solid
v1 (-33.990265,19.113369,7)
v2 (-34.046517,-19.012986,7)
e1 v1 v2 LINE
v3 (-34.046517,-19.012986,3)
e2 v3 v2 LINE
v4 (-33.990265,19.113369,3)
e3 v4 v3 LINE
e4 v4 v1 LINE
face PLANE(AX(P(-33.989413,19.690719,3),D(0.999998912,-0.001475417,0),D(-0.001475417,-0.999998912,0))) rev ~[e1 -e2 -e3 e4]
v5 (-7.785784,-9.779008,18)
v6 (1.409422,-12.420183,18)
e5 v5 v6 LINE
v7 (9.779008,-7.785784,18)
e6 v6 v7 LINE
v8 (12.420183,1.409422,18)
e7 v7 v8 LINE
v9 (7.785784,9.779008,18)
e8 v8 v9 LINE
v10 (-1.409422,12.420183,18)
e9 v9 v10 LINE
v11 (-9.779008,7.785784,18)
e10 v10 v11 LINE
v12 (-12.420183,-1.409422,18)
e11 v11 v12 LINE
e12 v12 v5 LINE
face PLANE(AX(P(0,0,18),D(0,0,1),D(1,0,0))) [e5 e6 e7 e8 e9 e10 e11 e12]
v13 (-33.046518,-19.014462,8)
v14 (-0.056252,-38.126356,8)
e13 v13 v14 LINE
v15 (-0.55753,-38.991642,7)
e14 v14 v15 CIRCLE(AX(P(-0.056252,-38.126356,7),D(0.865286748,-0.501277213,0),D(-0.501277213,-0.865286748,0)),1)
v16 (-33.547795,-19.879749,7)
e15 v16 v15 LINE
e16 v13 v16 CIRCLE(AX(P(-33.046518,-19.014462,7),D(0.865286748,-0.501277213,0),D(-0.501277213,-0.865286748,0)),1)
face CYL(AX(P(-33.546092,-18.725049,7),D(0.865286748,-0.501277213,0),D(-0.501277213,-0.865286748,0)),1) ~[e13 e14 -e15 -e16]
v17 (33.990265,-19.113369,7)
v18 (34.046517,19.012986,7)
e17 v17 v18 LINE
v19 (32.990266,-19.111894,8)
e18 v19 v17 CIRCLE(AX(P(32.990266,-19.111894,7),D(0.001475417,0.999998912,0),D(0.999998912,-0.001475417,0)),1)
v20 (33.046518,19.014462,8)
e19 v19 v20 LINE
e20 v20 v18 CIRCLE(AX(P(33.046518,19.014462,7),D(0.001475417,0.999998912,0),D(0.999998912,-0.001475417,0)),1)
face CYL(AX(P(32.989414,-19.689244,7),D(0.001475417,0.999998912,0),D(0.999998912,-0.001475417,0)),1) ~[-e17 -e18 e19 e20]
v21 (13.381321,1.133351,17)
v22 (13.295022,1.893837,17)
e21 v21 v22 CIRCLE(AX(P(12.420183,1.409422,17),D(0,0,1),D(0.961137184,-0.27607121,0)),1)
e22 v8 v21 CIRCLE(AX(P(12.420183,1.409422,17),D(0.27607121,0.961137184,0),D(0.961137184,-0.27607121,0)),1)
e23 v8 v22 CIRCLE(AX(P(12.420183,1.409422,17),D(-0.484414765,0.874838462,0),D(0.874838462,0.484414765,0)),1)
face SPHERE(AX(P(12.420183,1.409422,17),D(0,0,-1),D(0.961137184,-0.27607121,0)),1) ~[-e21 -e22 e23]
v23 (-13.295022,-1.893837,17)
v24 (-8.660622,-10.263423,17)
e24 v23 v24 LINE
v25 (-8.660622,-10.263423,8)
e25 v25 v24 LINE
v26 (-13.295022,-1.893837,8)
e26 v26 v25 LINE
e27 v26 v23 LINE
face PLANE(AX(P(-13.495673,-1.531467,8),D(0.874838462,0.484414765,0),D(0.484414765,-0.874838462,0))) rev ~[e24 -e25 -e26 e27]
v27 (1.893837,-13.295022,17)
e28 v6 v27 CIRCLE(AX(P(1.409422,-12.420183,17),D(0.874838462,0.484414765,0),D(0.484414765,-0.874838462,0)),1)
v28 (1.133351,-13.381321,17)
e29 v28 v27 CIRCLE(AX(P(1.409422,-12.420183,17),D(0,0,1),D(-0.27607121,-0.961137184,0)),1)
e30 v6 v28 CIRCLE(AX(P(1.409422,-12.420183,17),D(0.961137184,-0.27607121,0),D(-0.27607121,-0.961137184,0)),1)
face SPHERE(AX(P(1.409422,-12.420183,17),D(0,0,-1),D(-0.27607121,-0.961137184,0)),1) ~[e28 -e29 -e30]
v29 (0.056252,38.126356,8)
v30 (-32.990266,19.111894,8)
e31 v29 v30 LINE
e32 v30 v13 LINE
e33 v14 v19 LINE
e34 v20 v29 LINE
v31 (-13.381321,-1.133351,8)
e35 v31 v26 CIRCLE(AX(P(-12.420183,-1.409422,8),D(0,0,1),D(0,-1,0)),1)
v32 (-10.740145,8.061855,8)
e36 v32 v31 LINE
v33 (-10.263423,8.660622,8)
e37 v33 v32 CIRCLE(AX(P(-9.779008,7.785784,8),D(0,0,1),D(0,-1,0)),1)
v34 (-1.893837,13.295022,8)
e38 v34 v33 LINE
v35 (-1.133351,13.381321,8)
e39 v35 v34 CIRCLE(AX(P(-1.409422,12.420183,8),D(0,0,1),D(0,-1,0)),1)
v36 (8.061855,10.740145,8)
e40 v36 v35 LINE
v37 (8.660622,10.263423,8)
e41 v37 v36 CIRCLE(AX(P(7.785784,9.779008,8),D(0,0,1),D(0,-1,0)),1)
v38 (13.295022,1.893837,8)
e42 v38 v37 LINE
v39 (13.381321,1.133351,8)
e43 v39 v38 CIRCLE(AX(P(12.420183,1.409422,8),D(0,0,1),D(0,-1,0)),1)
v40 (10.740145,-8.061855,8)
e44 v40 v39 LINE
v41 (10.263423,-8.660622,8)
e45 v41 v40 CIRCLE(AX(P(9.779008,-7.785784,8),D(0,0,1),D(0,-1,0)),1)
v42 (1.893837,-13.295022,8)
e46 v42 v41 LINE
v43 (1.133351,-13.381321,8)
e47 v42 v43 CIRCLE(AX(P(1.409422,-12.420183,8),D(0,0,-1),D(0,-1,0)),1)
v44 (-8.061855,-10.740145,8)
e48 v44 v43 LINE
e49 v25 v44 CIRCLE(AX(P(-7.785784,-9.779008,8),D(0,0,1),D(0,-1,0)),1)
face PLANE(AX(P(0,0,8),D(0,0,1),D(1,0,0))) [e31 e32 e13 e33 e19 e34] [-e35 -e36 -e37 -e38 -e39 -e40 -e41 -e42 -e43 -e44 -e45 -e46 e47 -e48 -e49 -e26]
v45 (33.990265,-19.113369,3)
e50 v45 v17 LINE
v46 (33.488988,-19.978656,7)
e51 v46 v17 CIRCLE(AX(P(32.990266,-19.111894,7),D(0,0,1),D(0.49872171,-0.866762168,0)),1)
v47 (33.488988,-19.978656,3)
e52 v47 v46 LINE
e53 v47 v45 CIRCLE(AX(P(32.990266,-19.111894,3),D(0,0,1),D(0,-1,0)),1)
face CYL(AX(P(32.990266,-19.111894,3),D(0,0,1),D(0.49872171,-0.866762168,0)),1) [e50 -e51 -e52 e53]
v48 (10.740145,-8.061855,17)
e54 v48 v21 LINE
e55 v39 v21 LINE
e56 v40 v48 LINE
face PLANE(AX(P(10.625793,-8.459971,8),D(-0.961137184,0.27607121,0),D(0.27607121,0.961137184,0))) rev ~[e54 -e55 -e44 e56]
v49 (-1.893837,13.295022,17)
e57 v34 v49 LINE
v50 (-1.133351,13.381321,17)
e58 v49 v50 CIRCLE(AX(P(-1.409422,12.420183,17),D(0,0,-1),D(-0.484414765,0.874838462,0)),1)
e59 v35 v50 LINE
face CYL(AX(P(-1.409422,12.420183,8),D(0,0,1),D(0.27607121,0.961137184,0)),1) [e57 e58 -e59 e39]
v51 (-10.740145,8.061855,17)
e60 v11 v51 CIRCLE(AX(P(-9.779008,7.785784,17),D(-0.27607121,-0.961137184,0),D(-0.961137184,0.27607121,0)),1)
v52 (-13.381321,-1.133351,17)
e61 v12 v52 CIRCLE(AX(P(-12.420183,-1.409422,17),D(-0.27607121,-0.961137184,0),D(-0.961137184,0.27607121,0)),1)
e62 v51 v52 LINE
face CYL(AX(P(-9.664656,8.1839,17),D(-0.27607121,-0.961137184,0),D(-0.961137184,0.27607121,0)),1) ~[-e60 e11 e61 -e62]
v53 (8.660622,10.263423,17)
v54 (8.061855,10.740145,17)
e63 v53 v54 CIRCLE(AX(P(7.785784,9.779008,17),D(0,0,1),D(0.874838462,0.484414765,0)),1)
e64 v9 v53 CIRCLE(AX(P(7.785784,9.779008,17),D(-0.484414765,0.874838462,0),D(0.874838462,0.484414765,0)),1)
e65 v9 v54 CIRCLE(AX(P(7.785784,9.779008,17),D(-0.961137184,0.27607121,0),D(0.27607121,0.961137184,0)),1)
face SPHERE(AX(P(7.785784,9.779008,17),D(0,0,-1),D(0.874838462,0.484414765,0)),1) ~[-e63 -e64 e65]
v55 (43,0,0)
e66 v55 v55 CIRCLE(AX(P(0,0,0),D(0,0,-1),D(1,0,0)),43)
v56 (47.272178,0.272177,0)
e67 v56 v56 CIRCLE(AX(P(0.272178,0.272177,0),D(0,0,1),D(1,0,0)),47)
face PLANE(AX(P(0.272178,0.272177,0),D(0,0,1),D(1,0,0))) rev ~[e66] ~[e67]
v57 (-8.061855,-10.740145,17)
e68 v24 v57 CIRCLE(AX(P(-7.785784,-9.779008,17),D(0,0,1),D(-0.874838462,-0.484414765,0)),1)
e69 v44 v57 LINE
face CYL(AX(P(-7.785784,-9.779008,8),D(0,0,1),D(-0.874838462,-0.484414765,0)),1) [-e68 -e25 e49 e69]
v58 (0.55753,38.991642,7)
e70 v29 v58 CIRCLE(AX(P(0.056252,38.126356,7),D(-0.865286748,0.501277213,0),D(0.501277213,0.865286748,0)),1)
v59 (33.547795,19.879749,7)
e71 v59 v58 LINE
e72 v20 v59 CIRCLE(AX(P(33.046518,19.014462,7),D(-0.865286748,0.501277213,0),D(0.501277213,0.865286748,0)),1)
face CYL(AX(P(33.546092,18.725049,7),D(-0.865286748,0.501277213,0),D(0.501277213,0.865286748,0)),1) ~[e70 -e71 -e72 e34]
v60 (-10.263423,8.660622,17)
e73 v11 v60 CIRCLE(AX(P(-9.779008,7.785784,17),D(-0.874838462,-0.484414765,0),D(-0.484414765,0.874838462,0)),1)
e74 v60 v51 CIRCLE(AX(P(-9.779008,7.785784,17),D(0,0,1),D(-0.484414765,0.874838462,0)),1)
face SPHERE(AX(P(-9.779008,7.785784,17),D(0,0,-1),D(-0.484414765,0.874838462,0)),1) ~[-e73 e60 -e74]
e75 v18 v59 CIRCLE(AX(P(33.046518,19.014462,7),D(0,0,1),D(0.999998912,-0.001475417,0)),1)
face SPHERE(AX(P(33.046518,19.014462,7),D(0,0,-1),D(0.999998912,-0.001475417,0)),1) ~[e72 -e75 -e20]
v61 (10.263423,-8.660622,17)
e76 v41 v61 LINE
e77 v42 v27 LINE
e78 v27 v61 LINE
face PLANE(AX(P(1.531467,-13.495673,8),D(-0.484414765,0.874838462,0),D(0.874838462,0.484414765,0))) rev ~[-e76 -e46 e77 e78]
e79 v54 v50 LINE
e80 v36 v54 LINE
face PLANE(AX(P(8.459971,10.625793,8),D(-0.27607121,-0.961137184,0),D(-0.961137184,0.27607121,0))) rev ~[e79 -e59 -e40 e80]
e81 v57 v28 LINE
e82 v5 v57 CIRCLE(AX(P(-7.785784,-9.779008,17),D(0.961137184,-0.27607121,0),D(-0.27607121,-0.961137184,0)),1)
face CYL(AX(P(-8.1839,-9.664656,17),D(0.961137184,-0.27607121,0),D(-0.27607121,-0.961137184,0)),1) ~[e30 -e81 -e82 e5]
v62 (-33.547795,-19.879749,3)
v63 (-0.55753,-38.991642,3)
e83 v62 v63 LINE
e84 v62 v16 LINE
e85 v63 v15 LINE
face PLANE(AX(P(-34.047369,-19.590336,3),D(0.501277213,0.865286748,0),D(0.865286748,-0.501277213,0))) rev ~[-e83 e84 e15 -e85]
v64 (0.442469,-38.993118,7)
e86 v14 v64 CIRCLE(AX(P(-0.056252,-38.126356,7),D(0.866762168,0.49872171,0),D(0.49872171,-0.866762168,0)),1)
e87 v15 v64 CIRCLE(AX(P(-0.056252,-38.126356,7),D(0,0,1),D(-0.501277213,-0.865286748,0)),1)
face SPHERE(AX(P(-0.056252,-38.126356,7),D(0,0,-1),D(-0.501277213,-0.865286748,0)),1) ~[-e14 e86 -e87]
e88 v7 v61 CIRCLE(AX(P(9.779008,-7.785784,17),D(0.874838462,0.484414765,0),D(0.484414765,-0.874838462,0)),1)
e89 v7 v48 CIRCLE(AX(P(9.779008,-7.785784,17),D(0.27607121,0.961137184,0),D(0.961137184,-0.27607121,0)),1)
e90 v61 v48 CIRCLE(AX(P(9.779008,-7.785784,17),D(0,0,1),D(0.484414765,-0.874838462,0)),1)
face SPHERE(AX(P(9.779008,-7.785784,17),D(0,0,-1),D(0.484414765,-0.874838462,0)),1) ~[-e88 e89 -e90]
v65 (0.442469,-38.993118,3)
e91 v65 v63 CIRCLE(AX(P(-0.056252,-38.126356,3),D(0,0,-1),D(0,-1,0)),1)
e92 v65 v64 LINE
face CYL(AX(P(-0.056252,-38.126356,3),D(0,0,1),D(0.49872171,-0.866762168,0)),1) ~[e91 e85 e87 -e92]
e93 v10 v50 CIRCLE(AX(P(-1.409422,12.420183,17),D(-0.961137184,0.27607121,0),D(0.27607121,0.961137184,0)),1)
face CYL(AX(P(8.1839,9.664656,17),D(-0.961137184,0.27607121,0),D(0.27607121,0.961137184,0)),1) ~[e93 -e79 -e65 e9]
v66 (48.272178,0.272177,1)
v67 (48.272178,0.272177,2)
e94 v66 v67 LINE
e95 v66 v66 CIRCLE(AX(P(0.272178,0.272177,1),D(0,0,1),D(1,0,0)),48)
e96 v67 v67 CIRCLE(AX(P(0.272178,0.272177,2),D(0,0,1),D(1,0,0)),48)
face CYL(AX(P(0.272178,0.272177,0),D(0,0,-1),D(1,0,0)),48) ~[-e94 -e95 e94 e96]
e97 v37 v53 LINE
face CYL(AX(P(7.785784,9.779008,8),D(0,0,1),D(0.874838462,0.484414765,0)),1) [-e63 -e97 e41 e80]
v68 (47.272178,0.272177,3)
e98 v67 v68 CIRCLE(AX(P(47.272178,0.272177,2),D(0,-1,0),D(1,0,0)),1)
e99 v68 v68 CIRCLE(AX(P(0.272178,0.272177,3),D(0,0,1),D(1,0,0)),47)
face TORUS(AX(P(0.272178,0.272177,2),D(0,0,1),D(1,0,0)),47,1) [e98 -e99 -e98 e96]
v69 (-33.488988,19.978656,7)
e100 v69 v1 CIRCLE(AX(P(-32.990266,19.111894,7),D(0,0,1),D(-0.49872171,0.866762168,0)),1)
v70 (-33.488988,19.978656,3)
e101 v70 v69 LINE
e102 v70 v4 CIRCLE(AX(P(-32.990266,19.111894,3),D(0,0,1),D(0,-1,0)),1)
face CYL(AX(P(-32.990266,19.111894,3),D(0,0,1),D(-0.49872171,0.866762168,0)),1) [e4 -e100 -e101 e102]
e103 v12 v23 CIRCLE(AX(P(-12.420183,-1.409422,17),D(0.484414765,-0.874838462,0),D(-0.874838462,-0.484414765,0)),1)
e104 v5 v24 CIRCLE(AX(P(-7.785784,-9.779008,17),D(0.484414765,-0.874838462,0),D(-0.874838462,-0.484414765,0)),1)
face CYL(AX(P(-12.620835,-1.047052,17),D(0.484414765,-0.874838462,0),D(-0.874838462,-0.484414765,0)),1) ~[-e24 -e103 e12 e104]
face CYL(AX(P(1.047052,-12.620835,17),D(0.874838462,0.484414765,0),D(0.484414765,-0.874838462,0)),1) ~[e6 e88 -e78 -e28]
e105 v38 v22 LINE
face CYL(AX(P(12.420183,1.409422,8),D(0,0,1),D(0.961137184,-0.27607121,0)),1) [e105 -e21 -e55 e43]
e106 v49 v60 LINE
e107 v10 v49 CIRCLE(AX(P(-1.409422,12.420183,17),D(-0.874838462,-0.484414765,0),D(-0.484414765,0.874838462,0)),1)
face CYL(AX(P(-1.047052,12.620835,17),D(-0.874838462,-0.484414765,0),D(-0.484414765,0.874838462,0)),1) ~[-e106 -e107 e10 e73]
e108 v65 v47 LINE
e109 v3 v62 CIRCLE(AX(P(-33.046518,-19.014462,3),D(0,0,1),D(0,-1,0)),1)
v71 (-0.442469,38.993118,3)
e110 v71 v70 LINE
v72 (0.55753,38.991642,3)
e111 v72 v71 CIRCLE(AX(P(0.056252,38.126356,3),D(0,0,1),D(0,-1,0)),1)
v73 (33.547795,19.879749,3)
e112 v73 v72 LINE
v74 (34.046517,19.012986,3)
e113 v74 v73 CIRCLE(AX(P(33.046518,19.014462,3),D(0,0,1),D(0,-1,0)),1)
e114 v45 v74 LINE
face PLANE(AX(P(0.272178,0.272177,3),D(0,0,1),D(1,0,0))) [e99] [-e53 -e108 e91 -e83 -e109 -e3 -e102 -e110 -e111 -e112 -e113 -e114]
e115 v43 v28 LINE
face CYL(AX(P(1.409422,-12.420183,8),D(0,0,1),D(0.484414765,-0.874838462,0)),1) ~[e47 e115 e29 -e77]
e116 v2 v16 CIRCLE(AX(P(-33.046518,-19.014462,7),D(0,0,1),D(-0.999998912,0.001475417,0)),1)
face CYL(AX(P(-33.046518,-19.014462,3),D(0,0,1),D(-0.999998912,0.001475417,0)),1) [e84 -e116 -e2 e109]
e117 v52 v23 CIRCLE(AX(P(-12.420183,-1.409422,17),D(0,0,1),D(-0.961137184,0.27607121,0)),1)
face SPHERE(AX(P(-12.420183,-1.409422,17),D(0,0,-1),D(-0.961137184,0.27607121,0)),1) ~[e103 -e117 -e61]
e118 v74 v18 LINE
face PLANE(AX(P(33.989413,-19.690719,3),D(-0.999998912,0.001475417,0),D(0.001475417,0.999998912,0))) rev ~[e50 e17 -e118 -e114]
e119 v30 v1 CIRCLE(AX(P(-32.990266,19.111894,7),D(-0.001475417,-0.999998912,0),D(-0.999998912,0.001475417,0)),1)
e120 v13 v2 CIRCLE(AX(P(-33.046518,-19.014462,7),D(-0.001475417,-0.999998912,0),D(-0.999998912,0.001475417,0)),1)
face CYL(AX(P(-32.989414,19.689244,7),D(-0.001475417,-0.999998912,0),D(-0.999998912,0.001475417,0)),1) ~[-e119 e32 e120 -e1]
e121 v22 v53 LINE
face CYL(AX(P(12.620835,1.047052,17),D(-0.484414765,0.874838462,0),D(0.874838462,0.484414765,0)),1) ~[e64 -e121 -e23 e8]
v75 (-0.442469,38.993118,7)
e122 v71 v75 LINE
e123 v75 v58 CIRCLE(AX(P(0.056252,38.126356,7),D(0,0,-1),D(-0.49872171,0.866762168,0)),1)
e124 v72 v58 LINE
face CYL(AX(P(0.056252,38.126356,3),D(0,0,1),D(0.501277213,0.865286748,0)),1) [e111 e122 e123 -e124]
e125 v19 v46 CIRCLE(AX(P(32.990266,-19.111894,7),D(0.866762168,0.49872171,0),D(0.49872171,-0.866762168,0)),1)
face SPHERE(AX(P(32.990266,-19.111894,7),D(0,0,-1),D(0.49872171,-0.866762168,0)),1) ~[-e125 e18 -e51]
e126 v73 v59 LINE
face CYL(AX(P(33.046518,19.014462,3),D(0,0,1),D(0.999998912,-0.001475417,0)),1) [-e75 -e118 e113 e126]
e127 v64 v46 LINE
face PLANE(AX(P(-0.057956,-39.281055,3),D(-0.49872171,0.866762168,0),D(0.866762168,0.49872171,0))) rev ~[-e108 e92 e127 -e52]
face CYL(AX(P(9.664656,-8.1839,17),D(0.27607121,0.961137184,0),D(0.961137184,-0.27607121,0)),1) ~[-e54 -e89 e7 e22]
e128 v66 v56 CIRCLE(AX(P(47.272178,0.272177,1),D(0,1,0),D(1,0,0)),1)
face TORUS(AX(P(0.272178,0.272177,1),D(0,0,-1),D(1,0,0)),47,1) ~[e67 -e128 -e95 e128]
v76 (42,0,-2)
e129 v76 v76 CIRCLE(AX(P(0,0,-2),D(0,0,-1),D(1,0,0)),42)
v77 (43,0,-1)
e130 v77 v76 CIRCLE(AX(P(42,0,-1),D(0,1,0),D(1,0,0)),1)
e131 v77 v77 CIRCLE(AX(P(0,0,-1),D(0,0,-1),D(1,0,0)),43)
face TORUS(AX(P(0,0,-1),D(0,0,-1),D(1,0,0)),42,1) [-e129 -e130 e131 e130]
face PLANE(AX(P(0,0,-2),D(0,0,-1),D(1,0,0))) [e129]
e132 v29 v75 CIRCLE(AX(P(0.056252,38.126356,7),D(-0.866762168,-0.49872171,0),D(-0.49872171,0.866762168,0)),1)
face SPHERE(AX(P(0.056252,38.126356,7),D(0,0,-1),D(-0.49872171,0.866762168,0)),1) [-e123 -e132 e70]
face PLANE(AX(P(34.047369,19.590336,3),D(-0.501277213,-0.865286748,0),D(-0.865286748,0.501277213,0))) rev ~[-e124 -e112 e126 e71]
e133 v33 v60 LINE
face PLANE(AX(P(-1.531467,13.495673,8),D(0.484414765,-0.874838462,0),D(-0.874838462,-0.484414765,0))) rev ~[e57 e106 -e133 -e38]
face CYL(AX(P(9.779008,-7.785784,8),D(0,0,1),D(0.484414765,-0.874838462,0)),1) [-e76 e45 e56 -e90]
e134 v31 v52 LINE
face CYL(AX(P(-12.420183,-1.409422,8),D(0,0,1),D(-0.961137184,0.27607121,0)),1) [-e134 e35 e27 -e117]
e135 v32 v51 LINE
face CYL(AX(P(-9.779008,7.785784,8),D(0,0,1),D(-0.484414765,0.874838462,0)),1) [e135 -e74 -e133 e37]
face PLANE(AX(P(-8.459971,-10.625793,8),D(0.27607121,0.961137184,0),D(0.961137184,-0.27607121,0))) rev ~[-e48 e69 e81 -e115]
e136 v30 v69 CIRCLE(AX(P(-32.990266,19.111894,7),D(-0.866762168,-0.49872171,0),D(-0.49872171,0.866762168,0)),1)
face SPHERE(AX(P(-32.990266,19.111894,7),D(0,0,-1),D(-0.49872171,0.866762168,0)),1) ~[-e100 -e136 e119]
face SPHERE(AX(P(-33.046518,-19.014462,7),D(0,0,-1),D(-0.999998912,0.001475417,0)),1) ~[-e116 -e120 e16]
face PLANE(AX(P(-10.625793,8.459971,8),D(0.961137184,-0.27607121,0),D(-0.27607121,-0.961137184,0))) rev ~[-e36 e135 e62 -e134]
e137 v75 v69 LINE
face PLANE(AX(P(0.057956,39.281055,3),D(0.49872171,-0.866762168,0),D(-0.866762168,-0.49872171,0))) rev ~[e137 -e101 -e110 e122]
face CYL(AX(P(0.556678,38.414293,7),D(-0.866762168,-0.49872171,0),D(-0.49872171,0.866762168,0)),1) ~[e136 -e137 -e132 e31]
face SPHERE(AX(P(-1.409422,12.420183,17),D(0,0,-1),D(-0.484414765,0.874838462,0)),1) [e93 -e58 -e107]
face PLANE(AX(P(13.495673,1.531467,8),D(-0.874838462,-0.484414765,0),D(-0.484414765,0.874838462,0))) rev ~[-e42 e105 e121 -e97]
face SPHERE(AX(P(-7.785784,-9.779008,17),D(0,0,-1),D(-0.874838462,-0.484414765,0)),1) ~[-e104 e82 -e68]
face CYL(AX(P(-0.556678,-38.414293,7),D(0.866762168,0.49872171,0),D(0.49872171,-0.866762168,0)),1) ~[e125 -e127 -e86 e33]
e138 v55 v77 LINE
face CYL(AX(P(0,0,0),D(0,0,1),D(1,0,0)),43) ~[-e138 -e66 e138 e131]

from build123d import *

# Parameters (mm, degrees)
F0_R     = 48
F1_DEPTH = 3
F3_DEPTH = 5
F5_DEPTH = 10
F6_R     = 43
F7_DEPTH = 2
F8_R     = 1


with BuildPart() as f1:
    # F0 (on Top) → F1 (new body)
    with BuildSketch(Plane.XY):
        with Locations((0.272178, 0.272177)):
            Circle(F0_R)
    extrude(amount=F1_DEPTH)

    # F2 (on face) → F3 (join)
    with BuildSketch(Plane.XY.offset(3)):
        Polygon((-0.057956, -39.281055), (33.989413, -19.690719), (34.047369, 19.590336), (0.057956, 39.281055), (-33.989413, 19.690719), (-34.047369, -19.590336), align=None)
    extrude(amount=F3_DEPTH)

    # F4 (on face) → F5 (join)
    with BuildSketch(Plane.XY.offset(8)):
        Polygon((1.531467, -13.495673), (10.625793, -8.459971), (13.495673, 1.531467), (8.459971, 10.625793), (-1.531467, 13.495673), (-10.625793, 8.459971), (-13.495673, -1.531467), (-8.459971, -10.625793), align=None)
    extrude(amount=F5_DEPTH)

    # F6 (on face) → F7 (join)
    with BuildSketch(Plane(origin=(0, 0, 0), x_dir=(1, 0, 0), z_dir=(0, 0, -1))):
        Circle(F6_R)
    extrude(amount=F7_DEPTH)

    # F8
    f8_edges = [f1.edges().sort_by_distance(p)[0] for p in [
        (-16.965728, 29.485887, 8),
        (-34.018391, 0.050192, 8),
        (-17.052663, -29.435695, 8),
        (16.965728, -29.485887, 8),
        (34.018391, -0.050192, 8),
        (17.052663, 29.435695, 8),
        (-6.07863, 10.977822, 18),
        (-12.060733, 3.464252, 18),
        (-10.977822, -6.07863, 18),
        (-3.464252, -12.060733, 18),
        (6.07863, -10.977822, 18),
        (12.060733, -3.464252, 18),
        (10.977822, 6.07863, 18),
        (3.464252, 12.060733, 18),
        (-8.459971, -10.625793, 13),
        (1.531467, -13.495673, 13),
        (10.625793, -8.459971, 13),
        (13.495673, 1.531467, 13),
        (8.459971, 10.625793, 13),
        (-1.531467, 13.495673, 13),
        (-10.625793, 8.459971, 13),
        (-13.495673, -1.531467, 13),
        (0.057956, 39.281055, 5.5),
        (34.047369, 19.590336, 5.5),
        (33.989413, -19.690719, 5.5),
        (-0.057956, -39.281055, 5.5),
        (-34.047369, -19.590336, 5.5),
        (-33.989413, 19.690719, 5.5),
        (-47.727822, 0.272177, 3),
        (-47.727822, 0.272177, 0),
        (-43, 0, -2),
    ]]
    fillet(f8_edges, radius=F8_R)


solid = f1.part
